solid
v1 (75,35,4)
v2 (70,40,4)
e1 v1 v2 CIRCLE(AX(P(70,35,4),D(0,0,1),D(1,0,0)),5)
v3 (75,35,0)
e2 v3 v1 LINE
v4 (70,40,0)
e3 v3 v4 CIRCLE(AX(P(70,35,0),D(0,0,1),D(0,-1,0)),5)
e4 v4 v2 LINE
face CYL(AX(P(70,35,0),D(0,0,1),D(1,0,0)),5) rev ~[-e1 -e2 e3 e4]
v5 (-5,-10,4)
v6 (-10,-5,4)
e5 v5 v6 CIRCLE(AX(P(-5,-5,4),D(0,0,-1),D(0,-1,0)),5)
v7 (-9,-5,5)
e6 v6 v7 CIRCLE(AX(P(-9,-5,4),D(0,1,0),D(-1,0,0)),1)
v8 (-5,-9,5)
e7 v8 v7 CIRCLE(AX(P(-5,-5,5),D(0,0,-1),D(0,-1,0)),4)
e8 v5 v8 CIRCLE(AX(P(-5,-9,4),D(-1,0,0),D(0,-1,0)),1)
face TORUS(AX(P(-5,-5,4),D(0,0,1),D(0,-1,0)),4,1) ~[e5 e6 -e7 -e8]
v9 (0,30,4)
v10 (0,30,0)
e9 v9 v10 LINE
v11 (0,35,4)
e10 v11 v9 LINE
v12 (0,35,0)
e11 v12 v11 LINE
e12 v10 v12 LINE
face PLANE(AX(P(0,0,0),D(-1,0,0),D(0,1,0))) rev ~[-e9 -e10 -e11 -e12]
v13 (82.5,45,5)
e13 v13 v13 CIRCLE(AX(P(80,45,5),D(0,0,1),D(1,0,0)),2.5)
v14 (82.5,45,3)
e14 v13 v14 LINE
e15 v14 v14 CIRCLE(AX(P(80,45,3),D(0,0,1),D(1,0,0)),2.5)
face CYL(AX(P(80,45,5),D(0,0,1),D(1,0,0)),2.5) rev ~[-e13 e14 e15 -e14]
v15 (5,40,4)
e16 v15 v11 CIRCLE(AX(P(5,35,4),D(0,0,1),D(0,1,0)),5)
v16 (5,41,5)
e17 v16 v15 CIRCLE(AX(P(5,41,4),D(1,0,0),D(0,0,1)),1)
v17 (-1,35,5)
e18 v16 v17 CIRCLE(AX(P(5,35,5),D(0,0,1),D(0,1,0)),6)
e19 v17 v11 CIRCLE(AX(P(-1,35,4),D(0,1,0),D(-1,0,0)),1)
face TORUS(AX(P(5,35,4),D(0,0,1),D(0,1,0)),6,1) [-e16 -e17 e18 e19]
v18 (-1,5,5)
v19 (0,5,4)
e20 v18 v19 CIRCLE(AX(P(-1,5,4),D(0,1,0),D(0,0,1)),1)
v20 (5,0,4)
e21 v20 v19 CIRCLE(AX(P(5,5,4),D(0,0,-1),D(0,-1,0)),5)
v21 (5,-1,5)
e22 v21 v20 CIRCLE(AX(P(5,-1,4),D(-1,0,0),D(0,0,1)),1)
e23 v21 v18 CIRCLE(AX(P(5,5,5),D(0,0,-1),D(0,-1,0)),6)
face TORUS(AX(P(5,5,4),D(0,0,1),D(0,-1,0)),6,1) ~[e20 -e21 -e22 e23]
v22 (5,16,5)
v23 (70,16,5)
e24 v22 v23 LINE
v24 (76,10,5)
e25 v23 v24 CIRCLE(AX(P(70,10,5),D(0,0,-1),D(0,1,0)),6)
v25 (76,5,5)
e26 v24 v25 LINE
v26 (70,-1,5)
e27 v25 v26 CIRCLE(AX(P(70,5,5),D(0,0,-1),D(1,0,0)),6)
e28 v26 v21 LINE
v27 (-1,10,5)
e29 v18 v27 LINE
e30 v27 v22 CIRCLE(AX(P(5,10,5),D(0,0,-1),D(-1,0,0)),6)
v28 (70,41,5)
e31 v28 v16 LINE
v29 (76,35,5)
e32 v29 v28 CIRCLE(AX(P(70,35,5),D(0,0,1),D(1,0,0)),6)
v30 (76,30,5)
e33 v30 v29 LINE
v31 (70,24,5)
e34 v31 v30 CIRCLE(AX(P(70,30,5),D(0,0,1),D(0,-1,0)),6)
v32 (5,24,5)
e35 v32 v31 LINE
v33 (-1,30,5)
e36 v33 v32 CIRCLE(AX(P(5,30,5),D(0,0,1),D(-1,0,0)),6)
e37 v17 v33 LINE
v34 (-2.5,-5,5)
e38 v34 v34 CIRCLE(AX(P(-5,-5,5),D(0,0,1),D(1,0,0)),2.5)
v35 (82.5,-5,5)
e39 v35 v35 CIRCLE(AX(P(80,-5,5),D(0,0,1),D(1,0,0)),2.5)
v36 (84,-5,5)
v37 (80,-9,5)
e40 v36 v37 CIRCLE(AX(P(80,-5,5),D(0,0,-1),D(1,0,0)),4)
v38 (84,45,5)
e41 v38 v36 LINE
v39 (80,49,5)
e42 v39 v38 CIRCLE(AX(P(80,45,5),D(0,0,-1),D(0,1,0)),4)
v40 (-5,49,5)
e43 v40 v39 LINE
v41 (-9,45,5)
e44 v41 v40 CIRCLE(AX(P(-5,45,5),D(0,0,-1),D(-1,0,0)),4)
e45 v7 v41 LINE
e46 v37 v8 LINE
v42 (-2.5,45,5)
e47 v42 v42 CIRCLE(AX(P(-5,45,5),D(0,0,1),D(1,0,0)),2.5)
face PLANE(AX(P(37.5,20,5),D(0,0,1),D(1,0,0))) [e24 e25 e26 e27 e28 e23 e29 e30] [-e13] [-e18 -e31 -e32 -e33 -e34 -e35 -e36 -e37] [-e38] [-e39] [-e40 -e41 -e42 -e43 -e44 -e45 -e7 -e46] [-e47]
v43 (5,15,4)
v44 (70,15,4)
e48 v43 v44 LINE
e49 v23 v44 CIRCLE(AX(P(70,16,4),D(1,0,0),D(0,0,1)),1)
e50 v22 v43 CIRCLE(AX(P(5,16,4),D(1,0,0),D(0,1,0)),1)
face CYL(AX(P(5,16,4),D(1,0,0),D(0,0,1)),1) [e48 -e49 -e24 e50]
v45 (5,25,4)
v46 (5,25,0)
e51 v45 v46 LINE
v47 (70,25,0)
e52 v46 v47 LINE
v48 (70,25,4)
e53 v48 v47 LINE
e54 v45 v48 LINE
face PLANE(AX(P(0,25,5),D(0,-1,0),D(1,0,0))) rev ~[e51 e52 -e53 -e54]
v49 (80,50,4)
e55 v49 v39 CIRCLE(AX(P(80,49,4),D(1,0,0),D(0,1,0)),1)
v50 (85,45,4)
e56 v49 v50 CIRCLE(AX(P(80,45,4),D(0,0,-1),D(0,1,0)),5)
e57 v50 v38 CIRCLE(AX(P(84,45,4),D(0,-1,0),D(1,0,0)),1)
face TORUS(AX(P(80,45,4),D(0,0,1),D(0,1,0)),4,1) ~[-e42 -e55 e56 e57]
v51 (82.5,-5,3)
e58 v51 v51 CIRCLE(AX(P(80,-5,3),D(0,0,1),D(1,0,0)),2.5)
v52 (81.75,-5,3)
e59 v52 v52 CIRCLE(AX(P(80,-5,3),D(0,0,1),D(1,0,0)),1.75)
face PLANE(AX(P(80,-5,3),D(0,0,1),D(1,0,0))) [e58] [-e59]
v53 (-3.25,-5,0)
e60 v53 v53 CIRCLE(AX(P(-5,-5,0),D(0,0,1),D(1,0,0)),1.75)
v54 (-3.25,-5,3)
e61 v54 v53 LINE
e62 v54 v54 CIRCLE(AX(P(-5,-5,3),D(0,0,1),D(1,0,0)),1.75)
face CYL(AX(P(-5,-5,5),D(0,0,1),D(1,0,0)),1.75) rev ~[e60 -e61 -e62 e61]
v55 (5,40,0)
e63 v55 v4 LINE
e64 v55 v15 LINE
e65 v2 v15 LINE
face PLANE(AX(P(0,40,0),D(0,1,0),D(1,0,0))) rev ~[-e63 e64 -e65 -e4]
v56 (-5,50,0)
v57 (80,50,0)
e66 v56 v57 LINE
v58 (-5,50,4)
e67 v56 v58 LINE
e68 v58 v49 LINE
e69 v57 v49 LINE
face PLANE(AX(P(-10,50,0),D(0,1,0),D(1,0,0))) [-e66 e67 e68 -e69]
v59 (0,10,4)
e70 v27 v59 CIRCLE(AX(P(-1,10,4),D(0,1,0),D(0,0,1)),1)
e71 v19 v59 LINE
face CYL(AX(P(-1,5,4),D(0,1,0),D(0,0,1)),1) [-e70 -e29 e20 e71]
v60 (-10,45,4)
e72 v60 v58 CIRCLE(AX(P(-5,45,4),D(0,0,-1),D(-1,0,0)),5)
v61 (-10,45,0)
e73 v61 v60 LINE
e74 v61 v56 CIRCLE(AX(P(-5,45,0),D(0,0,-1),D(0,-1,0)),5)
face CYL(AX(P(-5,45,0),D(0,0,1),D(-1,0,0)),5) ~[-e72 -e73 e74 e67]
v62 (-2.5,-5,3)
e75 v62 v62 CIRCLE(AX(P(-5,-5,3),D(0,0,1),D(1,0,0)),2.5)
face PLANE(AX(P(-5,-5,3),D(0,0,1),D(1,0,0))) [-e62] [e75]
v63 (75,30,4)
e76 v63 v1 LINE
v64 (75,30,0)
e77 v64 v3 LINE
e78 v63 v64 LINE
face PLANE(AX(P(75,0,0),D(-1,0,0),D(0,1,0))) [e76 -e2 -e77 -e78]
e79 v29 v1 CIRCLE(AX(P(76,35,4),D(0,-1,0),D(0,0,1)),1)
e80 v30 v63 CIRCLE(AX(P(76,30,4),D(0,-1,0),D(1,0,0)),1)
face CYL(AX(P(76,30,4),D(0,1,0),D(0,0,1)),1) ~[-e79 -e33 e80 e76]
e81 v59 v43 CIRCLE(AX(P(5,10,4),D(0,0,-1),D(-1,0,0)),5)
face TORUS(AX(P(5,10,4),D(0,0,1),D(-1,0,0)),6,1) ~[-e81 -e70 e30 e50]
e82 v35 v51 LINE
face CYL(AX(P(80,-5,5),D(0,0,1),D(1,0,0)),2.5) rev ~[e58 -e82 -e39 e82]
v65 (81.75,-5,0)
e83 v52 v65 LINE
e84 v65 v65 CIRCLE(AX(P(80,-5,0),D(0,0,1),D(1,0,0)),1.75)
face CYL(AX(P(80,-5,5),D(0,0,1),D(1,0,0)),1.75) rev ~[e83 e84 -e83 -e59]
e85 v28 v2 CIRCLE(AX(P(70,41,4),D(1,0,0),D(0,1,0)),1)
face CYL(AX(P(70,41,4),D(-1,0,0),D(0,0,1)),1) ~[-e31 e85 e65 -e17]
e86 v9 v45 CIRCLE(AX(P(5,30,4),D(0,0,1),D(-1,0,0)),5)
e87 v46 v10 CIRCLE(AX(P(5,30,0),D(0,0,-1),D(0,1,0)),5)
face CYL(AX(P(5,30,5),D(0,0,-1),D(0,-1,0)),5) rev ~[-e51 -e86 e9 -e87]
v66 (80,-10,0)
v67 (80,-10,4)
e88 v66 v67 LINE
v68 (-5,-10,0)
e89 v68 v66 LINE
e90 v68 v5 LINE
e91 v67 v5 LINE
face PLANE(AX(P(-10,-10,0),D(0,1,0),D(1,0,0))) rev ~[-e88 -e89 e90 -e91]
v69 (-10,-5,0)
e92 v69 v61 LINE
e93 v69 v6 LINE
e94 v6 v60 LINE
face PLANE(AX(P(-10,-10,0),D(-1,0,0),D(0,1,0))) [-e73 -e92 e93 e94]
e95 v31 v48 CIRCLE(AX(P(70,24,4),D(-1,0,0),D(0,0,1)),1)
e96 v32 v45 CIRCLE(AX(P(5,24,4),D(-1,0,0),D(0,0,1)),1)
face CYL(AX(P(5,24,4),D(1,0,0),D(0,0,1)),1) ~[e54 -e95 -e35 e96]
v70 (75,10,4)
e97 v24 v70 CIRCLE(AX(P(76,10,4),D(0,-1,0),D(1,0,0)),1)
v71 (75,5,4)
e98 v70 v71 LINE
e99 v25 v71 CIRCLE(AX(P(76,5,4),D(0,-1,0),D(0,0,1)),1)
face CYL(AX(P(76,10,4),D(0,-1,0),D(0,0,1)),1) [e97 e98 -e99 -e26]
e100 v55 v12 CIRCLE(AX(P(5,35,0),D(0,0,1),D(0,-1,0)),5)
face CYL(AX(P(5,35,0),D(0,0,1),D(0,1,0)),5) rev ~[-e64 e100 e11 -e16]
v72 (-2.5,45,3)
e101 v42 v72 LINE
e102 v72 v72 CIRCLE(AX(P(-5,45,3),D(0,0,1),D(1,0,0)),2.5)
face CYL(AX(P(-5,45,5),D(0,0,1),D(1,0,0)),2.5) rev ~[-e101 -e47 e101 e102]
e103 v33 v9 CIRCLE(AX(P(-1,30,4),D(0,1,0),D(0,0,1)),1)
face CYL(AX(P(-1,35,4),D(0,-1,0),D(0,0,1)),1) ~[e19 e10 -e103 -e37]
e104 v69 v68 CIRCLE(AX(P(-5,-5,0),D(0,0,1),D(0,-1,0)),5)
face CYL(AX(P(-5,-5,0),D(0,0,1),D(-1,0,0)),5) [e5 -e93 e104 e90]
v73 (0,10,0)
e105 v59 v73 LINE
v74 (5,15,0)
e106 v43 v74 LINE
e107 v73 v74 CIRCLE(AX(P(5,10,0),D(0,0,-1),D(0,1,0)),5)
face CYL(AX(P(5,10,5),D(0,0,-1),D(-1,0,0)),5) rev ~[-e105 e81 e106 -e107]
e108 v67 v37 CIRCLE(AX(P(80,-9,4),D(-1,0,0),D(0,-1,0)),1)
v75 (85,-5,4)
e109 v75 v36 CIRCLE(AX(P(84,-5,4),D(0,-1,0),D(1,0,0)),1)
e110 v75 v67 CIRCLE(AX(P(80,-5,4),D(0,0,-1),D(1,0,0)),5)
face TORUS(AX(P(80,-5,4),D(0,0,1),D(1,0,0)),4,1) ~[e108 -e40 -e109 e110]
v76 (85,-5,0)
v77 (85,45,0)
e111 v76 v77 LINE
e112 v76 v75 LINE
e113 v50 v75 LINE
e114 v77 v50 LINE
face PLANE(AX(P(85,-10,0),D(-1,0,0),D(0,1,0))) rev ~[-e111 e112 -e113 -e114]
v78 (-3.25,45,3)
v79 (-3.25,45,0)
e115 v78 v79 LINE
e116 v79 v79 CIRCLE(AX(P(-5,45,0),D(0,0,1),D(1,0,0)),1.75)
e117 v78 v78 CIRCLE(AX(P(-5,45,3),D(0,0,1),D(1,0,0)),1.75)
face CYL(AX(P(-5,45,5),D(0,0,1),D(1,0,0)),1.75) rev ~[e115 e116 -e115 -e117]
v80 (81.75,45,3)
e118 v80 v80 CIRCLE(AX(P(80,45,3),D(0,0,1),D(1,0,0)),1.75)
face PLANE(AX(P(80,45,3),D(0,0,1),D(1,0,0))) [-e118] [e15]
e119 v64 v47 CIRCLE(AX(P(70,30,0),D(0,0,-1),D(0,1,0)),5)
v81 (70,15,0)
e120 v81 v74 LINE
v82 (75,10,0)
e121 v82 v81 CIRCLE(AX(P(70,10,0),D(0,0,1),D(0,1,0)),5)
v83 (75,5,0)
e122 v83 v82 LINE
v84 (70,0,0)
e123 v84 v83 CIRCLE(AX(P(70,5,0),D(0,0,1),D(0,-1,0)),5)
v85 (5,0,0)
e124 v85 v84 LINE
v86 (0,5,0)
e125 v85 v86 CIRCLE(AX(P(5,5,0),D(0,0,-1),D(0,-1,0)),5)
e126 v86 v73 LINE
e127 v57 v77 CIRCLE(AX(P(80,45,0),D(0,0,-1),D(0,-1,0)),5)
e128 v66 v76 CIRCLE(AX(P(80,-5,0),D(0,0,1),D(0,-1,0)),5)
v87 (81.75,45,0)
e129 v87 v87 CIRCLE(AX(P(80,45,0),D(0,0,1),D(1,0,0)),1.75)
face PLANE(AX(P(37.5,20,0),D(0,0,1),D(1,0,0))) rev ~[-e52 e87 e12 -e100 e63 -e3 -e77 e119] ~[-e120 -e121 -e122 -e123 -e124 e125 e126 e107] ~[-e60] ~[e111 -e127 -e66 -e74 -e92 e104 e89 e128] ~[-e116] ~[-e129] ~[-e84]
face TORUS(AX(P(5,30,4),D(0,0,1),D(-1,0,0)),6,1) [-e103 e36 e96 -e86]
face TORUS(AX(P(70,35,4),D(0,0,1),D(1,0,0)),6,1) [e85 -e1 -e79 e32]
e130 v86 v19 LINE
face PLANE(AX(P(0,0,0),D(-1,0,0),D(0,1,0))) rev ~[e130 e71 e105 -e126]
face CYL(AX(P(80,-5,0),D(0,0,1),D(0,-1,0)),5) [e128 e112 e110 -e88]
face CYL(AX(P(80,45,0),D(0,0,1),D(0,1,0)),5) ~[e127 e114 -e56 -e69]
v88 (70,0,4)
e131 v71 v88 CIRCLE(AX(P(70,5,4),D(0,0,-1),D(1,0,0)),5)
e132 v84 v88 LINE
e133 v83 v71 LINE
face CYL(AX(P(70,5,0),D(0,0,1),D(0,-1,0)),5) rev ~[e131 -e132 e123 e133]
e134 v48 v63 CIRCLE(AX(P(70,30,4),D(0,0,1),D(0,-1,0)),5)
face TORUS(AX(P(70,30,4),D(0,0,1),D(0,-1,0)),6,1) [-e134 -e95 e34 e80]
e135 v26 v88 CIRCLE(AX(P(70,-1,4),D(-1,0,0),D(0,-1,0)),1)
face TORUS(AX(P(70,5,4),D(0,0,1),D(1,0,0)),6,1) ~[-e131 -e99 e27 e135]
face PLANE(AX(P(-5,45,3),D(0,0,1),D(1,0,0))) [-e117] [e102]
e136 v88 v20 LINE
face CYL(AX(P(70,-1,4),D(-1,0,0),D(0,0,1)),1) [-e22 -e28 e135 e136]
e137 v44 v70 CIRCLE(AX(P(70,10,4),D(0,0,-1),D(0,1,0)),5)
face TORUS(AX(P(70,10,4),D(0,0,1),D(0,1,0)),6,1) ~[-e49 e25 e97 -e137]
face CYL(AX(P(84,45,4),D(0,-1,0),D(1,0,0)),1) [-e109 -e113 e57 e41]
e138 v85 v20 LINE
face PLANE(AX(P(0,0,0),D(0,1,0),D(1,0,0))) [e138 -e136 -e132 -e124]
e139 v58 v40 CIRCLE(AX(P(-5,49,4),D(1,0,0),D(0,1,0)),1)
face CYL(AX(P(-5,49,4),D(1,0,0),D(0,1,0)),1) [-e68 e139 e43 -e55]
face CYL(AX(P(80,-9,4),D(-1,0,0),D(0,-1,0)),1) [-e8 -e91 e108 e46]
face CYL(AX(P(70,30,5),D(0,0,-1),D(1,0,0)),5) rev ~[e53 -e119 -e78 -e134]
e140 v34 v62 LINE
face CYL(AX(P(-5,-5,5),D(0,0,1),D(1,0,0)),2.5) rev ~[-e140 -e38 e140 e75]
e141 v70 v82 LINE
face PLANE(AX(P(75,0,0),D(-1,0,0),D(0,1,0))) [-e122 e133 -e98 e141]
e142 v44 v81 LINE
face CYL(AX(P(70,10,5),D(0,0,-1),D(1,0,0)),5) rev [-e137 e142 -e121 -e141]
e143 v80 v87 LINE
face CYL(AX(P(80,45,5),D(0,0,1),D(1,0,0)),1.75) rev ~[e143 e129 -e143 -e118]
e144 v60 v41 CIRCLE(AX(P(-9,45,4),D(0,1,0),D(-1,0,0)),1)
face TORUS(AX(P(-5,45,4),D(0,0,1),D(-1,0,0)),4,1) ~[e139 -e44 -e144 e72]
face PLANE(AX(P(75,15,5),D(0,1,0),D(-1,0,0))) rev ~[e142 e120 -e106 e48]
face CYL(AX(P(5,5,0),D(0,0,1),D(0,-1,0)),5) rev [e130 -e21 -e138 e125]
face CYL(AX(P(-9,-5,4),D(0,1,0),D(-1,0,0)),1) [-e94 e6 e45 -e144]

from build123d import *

# Parameters (mm, degrees)
SKETCH1_W           = 95
SKETCH1_H           = 60
SKETCH1_W_2         = 75
SKETCH1_H_2         = 40
BOSS_EXTRUDE1_DEPTH = 5
BOSS_EXTRUDE2_DEPTH = 5
SKETCH5_R           = 1.75
CUT_EXTRUDE2_DEPTH  = 99.742088291
SKETCH6_R           = 2.5
CUT_EXTRUDE3_DEPTH  = 2
FILLET1_R           = 5
FILLET2_R           = 1


with BuildPart() as part:
    # Sketch1 → Boss-Extrude1 (new body)
    with BuildSketch(Plane.XY):
        with Locations((37.5, 20)):
            Rectangle(SKETCH1_W, SKETCH1_H)
        with Locations((37.5, 20)):
            Rectangle(SKETCH1_W_2, SKETCH1_H_2, mode=Mode.SUBTRACT)
    extrude(amount=BOSS_EXTRUDE1_DEPTH)

    # Sketch2 → Boss-Extrude2 (add)
    with BuildSketch(Plane.XY.offset(5)):
        Polygon((0, 25), (75, 25), (75, 20), (75, 15), (0, 15), (0, 20), align=None)
    extrude(amount=-BOSS_EXTRUDE2_DEPTH)

    # Sketch5 → Cut-Extrude2 (cut, through all)
    with BuildSketch(Plane.XY.offset(5)):
        with Locations((-5, 45)):
            Circle(SKETCH5_R)
        with Locations((80, 45)):
            Circle(SKETCH5_R)
        with Locations((80, -5)):
            Circle(SKETCH5_R)
        with Locations((-5, -5)):
            Circle(SKETCH5_R)
    extrude(amount=-CUT_EXTRUDE2_DEPTH, mode=Mode.SUBTRACT)

    # Sketch6 → Cut-Extrude3 (cut)
    with BuildSketch(Plane.XY.offset(5)):
        with Locations((-5, 45)):
            Circle(SKETCH6_R)
        with Locations((80, 45)):
            Circle(SKETCH6_R)
        with Locations((80, -5)):
            Circle(SKETCH6_R)
        with Locations((-5, -5)):
            Circle(SKETCH6_R)
    extrude(amount=-CUT_EXTRUDE3_DEPTH, mode=Mode.SUBTRACT)

    # Fillet1
    fillet1_edges = [part.edges().sort_by_distance(p)[0] for p in [
        (0, 40, 2.5),
        (0, 0, 2.5),
        (75, 0, 2.5),
        (75, 40, 2.5),
        (0, 15, 2.5),
        (0, 25, 2.5),
        (75, 25, 2.5),
        (75, 15, 2.5),
        (-10, 50, 2.5),
        (85, 50, 2.5),
        (85, -10, 2.5),
        (-10, -10, 2.5),
    ]]
    fillet(fillet1_edges, radius=FILLET1_R)

    # Fillet2
    fillet2_edges = [part.edges().sort_by_distance(p)[0] for p in [
        (0, 7.5, 5),
        (37.5, 15, 5),
        (37.5, 0, 5),
        (75, 7.5, 5),
        (37.5, 25, 5),
        (0, 32.5, 5),
        (75, 32.5, 5),
        (37.5, 40, 5),
        (-10, 20, 5),
        (37.5, 50, 5),
        (37.5, -10, 5),
        (85, 20, 5),
        (-8.535533906, -8.535533906, 5),
        (83.535533906, -8.535533906, 5),
        (83.535533906, 48.535533906, 5),
        (-8.535533906, 48.535533906, 5),
        (1.464466094, 13.535533906, 5),
        (73.535533906, 1.464466094, 5),
        (73.535533906, 13.535533906, 5),
        (1.464466094, 1.464466094, 5),
        (1.464466094, 26.464466094, 5),
        (73.535533906, 26.464466094, 5),
        (73.535533906, 38.535533906, 5),
        (1.464466094, 38.535533906, 5),
    ]]
    fillet(fillet2_edges, radius=FILLET2_R)


solid = part.part
